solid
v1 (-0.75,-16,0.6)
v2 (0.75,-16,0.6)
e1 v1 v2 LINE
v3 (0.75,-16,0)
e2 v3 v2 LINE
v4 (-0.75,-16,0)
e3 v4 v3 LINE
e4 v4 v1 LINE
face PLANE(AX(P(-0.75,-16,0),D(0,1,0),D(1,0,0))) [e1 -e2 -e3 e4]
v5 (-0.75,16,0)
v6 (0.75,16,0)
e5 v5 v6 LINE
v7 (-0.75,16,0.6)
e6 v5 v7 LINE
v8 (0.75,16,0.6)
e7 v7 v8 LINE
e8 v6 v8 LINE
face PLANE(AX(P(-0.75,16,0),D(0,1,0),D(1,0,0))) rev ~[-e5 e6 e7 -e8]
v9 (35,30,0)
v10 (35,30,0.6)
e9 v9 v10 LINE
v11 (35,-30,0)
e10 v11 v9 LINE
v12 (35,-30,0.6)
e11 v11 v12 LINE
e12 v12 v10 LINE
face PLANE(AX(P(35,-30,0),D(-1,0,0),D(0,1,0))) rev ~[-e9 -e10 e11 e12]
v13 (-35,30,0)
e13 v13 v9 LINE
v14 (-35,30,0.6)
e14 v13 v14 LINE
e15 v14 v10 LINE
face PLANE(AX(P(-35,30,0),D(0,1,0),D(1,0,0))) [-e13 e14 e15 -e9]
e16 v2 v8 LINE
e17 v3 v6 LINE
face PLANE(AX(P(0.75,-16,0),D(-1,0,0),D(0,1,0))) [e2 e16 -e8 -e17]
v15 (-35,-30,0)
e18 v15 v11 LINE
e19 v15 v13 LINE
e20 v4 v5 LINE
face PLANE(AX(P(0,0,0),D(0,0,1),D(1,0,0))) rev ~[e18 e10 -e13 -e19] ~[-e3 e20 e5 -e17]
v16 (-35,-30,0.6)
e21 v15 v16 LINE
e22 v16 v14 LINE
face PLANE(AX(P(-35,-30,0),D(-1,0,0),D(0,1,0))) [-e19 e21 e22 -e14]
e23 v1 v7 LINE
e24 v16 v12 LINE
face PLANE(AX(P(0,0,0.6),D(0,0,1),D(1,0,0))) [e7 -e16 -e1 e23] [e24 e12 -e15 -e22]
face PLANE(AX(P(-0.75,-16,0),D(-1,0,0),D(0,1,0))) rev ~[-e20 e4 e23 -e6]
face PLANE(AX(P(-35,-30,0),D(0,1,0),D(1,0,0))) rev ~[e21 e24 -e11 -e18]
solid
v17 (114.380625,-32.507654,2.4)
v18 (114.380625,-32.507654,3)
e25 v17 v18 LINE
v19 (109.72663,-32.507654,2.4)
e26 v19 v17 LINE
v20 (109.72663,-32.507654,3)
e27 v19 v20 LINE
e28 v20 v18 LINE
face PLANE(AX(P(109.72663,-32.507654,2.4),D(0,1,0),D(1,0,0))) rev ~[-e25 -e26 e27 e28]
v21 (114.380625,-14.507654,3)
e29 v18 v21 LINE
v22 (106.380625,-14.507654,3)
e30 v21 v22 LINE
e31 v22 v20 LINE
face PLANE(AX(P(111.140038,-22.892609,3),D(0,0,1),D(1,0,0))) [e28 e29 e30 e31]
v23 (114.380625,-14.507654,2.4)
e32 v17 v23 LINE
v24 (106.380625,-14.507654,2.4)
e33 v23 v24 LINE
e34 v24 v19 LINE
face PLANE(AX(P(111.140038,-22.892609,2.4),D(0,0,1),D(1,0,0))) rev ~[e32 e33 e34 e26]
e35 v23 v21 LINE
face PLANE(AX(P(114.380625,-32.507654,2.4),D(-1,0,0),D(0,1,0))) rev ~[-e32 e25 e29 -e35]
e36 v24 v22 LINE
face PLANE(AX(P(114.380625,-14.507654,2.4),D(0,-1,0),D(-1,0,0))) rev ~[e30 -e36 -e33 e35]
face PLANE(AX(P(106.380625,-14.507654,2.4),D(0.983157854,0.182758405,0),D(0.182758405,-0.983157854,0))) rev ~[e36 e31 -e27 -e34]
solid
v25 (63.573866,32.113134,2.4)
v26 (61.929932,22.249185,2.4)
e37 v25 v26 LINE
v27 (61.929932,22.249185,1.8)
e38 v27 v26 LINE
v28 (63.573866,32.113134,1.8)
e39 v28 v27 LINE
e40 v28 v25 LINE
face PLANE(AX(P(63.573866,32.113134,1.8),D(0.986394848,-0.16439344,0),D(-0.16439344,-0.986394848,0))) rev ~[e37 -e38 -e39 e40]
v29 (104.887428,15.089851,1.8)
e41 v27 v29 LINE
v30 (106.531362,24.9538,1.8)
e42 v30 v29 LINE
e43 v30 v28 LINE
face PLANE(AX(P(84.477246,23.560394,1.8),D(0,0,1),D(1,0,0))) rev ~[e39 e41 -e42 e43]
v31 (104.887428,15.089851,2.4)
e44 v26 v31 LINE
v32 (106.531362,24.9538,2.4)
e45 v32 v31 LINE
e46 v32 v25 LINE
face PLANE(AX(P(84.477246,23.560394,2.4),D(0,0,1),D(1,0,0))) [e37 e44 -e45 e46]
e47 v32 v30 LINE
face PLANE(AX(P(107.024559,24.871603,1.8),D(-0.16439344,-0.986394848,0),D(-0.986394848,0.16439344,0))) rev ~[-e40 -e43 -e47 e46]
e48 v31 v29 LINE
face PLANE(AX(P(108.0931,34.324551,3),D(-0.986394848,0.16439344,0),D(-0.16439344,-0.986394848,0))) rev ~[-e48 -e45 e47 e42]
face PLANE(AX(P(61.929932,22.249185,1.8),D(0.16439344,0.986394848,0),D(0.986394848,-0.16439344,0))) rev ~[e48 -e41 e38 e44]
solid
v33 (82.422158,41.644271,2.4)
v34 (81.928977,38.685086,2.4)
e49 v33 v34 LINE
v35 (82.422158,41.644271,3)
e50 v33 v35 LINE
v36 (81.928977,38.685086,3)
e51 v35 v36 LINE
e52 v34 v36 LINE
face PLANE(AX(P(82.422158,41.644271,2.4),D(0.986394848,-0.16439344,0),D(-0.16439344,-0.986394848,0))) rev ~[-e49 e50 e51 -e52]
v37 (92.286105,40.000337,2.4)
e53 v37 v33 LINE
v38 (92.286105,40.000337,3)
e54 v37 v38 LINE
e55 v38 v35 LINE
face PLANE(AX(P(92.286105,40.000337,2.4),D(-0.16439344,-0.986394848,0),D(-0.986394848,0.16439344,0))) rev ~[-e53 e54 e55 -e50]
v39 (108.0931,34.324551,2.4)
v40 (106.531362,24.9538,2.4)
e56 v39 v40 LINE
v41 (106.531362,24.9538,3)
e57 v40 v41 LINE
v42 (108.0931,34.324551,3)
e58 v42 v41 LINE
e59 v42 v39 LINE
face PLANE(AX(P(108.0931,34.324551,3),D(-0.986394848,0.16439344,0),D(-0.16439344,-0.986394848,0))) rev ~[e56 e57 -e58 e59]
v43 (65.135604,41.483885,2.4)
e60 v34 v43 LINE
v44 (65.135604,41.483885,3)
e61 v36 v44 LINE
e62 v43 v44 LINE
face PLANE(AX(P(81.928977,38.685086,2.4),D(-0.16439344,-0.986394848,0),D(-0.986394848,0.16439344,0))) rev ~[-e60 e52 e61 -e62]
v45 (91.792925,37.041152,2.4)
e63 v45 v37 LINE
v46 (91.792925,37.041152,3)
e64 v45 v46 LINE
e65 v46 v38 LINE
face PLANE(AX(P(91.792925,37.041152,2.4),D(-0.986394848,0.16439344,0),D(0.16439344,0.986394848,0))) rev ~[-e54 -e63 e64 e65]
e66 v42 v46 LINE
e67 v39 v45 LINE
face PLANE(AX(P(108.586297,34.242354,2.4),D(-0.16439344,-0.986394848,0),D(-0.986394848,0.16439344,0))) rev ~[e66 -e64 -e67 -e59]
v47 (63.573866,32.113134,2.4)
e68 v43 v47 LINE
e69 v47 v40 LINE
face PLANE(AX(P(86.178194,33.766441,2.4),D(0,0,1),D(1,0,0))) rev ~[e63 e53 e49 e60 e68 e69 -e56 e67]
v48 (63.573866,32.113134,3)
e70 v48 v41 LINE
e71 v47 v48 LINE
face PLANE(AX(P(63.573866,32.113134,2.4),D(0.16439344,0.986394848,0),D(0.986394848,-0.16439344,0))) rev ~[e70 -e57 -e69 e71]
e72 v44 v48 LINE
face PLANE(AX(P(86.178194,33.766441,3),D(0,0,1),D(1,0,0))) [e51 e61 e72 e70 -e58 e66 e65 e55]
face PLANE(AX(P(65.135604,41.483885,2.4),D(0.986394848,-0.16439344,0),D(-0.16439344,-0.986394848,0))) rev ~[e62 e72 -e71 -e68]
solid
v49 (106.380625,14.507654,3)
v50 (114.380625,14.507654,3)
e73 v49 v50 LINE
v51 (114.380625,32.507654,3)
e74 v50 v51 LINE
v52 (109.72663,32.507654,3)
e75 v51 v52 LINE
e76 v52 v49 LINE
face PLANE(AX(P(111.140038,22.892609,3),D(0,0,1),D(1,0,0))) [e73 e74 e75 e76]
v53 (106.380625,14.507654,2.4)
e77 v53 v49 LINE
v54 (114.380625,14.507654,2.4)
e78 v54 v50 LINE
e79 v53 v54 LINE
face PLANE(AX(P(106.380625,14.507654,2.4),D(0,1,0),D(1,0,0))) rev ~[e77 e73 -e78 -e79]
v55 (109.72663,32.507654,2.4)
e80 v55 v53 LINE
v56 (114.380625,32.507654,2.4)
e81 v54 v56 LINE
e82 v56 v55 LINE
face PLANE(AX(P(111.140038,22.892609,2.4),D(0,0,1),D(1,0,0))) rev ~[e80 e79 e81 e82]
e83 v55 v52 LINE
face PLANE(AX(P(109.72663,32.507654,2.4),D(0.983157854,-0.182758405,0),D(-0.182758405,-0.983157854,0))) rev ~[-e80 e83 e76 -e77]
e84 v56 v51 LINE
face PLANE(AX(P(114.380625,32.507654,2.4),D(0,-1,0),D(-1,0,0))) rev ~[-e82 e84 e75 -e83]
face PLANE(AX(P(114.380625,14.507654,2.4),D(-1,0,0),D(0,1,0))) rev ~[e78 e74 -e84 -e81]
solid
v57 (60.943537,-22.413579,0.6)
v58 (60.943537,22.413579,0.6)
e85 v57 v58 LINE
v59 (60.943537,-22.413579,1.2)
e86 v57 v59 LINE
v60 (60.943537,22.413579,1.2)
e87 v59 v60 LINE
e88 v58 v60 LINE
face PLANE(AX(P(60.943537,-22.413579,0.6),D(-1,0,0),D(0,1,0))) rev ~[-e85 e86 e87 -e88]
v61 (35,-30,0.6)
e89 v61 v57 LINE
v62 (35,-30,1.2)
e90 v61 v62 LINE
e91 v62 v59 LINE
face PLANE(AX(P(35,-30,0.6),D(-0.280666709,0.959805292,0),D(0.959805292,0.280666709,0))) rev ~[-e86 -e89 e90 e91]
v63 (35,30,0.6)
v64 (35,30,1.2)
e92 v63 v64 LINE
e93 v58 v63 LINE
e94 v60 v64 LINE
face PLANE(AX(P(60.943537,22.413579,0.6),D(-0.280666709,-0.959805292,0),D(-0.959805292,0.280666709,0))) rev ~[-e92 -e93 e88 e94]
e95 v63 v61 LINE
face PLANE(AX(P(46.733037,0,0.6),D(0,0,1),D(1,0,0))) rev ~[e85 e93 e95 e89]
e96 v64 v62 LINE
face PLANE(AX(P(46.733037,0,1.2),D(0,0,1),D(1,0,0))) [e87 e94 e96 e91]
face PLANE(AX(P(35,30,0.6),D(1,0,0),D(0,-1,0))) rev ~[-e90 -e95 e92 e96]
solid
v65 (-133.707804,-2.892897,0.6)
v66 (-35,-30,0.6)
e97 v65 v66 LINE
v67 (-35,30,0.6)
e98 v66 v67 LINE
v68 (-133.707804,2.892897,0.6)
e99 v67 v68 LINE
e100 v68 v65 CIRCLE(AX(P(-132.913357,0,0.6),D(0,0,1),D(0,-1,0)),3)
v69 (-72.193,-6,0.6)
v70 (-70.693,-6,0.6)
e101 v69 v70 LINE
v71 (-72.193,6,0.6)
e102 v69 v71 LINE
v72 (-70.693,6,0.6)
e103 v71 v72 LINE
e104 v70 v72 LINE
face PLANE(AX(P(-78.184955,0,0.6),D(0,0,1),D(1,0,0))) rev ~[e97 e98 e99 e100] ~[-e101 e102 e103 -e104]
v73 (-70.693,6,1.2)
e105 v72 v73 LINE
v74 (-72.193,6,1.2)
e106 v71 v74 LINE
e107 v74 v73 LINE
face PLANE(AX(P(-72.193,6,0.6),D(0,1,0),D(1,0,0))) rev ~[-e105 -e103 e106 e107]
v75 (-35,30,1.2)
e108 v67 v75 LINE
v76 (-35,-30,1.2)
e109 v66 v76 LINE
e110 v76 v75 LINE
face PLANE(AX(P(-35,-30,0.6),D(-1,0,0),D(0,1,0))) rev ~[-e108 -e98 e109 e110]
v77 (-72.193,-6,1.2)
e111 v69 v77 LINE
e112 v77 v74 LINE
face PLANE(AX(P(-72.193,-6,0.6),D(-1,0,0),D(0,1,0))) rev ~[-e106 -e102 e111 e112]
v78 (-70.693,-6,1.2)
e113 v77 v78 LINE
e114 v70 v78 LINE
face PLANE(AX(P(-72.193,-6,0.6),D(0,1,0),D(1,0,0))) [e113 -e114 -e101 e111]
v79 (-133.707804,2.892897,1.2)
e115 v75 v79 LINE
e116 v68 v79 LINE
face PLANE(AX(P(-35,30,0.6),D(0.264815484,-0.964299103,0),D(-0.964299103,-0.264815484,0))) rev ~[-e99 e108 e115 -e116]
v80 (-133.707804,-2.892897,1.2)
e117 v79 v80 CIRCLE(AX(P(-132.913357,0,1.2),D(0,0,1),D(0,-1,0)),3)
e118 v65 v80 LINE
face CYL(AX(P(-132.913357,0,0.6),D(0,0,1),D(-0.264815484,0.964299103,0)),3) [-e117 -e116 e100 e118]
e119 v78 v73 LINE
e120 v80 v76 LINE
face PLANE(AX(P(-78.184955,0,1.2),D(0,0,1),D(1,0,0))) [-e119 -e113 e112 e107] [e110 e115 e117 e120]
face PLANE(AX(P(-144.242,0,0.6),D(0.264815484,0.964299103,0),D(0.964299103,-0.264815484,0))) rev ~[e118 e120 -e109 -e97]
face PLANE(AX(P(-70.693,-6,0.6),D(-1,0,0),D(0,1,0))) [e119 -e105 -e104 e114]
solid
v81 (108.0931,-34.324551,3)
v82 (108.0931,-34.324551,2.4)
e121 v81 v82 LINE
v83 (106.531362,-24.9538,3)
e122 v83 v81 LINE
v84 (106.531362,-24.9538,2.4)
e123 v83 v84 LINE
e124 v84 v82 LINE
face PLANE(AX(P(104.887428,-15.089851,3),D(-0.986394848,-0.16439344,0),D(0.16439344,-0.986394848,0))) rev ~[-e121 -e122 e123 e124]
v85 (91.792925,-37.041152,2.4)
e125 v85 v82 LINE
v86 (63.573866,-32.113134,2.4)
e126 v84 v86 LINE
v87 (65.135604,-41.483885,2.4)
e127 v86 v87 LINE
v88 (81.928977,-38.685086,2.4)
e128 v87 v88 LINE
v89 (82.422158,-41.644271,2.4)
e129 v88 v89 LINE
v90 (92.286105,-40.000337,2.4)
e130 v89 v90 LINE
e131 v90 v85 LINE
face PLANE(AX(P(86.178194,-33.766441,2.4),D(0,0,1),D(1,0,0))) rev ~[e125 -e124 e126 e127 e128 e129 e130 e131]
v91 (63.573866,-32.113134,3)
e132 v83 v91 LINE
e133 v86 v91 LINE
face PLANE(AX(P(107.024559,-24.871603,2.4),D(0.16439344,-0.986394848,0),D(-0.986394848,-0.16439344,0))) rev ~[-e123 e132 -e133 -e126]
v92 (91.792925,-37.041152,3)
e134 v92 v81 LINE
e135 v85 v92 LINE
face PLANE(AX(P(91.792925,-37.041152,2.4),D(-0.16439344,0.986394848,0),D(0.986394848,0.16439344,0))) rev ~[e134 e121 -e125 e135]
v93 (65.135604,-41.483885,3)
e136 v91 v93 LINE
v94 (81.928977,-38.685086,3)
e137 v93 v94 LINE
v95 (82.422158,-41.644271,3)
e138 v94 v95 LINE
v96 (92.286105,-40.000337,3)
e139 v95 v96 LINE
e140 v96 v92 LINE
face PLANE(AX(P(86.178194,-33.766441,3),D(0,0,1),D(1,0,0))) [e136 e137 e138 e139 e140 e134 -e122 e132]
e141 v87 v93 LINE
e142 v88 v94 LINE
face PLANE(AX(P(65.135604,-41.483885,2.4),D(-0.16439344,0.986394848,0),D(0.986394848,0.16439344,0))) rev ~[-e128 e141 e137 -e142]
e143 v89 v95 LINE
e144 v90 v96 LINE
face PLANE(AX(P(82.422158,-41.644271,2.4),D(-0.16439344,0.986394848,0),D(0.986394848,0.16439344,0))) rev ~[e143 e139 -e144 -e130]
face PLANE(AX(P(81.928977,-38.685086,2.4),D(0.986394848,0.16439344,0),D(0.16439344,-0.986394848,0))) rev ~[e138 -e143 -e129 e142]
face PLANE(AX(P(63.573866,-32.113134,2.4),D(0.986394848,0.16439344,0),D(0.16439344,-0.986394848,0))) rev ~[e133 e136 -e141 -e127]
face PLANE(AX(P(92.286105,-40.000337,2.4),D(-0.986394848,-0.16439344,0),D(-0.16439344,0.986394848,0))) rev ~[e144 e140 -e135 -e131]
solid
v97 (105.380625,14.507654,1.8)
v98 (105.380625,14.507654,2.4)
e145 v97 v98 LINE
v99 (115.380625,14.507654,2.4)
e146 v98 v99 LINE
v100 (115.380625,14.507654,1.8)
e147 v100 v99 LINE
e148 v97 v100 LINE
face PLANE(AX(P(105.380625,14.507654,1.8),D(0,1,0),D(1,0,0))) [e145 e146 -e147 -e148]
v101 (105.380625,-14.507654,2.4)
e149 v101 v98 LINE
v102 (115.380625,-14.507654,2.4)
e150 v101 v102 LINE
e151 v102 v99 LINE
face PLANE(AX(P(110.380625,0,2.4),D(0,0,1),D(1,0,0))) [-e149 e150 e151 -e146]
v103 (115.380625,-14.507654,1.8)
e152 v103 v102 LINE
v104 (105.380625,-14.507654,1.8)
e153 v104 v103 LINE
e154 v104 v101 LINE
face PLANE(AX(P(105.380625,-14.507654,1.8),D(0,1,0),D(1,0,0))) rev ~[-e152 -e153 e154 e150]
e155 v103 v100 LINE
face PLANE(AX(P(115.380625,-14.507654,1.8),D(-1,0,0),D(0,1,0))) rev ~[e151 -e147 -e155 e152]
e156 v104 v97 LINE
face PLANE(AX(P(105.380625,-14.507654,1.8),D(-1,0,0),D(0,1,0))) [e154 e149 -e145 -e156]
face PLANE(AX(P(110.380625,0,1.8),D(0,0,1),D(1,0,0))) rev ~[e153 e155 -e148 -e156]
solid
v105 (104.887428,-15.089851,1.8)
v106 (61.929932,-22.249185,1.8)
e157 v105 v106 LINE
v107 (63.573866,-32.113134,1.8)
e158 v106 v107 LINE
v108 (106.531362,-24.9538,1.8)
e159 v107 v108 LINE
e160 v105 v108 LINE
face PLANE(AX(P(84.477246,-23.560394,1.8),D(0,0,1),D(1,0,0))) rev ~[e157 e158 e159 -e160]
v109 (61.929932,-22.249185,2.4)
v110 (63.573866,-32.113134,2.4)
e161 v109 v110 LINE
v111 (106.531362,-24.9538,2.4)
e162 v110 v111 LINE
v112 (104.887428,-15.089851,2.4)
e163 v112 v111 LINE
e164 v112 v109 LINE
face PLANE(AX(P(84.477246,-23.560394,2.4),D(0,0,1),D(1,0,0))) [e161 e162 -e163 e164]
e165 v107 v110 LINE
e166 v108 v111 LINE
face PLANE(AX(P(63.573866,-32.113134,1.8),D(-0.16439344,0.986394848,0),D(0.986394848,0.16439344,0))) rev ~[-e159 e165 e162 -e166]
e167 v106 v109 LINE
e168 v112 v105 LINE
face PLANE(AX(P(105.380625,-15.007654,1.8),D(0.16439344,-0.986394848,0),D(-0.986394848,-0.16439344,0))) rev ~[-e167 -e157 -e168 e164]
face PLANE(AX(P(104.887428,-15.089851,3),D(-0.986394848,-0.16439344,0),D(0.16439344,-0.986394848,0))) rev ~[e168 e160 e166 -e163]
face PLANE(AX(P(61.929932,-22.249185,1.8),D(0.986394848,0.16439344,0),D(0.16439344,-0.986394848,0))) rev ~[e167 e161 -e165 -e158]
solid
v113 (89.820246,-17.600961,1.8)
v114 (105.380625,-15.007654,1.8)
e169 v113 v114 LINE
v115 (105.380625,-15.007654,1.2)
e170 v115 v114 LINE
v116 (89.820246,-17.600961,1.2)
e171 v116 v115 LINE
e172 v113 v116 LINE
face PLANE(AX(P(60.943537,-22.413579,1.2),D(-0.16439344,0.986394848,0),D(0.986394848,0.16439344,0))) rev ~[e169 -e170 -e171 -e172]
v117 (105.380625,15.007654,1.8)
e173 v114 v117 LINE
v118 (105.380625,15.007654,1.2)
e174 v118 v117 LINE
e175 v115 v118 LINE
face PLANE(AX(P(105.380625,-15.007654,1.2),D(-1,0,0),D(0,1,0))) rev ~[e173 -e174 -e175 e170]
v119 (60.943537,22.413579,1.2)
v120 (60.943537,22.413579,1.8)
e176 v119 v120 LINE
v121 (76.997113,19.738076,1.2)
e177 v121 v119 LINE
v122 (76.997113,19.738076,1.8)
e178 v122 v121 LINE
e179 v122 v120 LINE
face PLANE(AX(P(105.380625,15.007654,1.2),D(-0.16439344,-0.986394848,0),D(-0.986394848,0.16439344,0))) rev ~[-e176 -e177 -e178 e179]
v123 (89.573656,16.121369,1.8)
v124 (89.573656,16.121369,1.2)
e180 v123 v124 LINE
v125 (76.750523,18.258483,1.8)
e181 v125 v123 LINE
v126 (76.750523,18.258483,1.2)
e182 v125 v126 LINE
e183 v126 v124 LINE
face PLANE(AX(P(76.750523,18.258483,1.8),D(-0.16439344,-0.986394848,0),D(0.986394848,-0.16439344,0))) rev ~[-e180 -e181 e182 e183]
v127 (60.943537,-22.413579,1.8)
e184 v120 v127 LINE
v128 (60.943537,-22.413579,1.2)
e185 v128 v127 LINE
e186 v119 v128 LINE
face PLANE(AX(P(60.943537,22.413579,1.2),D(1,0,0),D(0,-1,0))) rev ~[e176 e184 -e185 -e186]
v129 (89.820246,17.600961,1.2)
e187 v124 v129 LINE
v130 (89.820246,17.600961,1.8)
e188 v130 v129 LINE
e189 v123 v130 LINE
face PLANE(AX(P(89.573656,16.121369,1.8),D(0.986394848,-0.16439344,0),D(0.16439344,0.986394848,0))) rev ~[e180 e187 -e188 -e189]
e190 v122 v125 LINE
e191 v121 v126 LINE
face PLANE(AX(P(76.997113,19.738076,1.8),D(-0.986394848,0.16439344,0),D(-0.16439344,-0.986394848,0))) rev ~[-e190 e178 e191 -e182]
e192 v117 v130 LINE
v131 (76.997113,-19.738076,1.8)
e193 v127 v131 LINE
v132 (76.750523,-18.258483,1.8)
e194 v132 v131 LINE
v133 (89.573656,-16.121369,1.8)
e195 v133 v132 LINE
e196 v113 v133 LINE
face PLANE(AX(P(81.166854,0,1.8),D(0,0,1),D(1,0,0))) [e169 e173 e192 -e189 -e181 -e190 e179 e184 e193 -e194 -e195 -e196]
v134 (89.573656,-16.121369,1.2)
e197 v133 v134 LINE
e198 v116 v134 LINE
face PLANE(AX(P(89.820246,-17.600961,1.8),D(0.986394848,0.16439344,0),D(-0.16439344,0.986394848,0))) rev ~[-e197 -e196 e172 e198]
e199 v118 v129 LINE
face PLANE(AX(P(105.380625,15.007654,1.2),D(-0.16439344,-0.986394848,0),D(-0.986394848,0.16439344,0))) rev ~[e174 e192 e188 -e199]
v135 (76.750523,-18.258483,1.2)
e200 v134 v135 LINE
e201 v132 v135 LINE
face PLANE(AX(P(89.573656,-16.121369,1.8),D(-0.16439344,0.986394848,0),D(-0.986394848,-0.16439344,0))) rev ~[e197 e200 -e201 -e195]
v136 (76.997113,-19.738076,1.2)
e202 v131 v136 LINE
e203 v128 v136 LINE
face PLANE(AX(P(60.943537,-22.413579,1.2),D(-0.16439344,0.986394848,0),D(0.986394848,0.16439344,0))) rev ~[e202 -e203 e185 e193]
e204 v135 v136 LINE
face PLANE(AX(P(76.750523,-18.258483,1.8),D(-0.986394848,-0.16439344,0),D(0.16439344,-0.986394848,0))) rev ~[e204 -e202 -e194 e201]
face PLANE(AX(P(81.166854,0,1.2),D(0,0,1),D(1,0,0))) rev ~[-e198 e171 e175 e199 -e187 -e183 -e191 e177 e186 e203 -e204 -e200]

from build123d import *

# Parameters (mm, degrees)
F0_W      = 70
F0_H      = 60
F0_W_2    = 1.5
F0_H_2    = 32
F1_DEPTH  = 0.6
F2_W      = 1.5
F2_H      = 12
F3_DEPTH  = 0.6
F5_DEPTH  = 0.6
F7_DEPTH  = 0.6
F9_DEPTH  = 0.6
F8_W      = 10
F8_H      = 29.0153087513
F11_DEPTH = 0.6
F13_DEPTH = 25
F15_DEPTH = 0.6
F17_DEPTH = 25
F18_R     = 3


with BuildPart() as f1:
    # F0 (on Top) → F1 (new body)
    with BuildSketch(Plane.XY):
        Rectangle(F0_W, F0_H)
        Rectangle(F0_W_2, F0_H_2, mode=Mode.SUBTRACT)
    extrude(amount=F1_DEPTH)


with BuildPart() as f3:
    # F2 (on face) → F3 (new body)
    with BuildSketch(Plane.XY.offset(0.6)):
        Polygon((-35, 30), (-144.242, 0), (-35, -30), align=None)
        with Locations((-71.443, 0)):
            Rectangle(F2_W, F2_H, mode=Mode.SUBTRACT)
    extrude(amount=F3_DEPTH)

    # F18
    f18_edges = [f3.edges().sort_by_distance(p)[0] for p in [
        (-144.242, 0, 0.9),
    ]]
    fillet(f18_edges, radius=F18_R)


with BuildPart() as f5:
    # F4 (on face) → F5 (new body)
    with BuildSketch(Plane.XY.offset(0.6)):
        Polygon((60.9435370421, 22.4135788579), (35, 30), (35, -30), (60.9435370421, -22.4135788579), align=None)
    extrude(amount=F5_DEPTH)


with BuildPart() as f7:
    # F6 (on face) → F7 (new body)
    with BuildSketch(Plane.XY.offset(1.2)):
        Polygon((105.3806249593, 15.0076543757), (60.9435370421, 22.4135788579), (60.9435370421, -22.4135788579), (105.3806249593, -15.0076543757), align=None)
    extrude(amount=F7_DEPTH)

    # F16 (on face) → F17 (cut)
    with BuildSketch(Plane.XY.offset(1.8)):
        Polygon((76.7505230383, -18.2584833457), (76.9971131986, -19.7380756182), (89.8202462269, -17.6009608952), (89.5736560666, -16.1213686227), align=None)
        Polygon((76.9971131986, 19.7380756182), (76.7505230383, 18.2584833457), (89.5736560666, 16.1213686227), (89.8202462269, 17.6009608952), align=None)
    extrude(amount=-F17_DEPTH, mode=Mode.SUBTRACT)


with BuildPart() as f9:
    # F8 (on face) → F9 (new body)
    with BuildSketch(Plane.XY.offset(1.8)):
        Polygon((105.3806249593, -15.0076543757), (61.9299318904, -22.2491854176), (63.5738662927, -32.1131339009), (107.0245593616, -24.8716028589), align=None)
    extrude(amount=F9_DEPTH)


with BuildPart() as f9b:
    # F8 (on face) → F9, piece 2 (new body)
    with BuildSketch(Plane.XY.offset(1.8)):
        Polygon((61.9299318904, 22.2491854176), (105.3806249593, 15.0076543757), (107.0245593616, 24.8716028589), (63.5738662927, 32.1131339009), align=None)
    extrude(amount=F9_DEPTH)


with BuildPart() as f9c:
    # F8 (on face) → F9, piece 3 (new body)
    with BuildSketch(Plane.XY.offset(1.8)):
        with Locations((110.3806249593, 0)):
            Rectangle(F8_W, F8_H)
    extrude(amount=F9_DEPTH)


with BuildPart() as f11:
    # F10 (on face) → F11 (new body)
    with BuildSketch(Plane.XY.offset(2.4)):
        Polygon((107.0245593616, -24.8716028589), (63.5738662927, -32.1131339009), (65.1356039748, -41.4838849601), (81.9289774892, -38.6850864366), (82.4221578099, -41.6442709816), (92.2861050716, -40.0003367829), (91.7929247509, -37.0411522379), (108.5862970437, -34.2423539181), align=None)
    extrude(amount=F11_DEPTH)


with BuildPart() as f11b:
    # F10 (on face) → F11, piece 2 (new body)
    with BuildSketch(Plane.XY.offset(2.4)):
        Polygon((91.7929247509, 37.0411522379), (92.2861050716, 40.0003367829), (82.4221578099, 41.6442709816), (81.9289774892, 38.6850864366), (65.1356039748, 41.4838849601), (63.5738662927, 32.1131339009), (107.0245593616, 24.8716028589), (108.5862970437, 34.2423539181), align=None)
    extrude(amount=F11_DEPTH)


with BuildPart() as f13_tool:
    # F12 (on face) → F13 (new body)
    with BuildSketch(Plane.XY.offset(3)):
        Polygon((108.9898869395, 36.0006503761), (108.0930996196, 34.3245506382), (104.8874275352, 15.0898510958), (107.0036945651, 14.7371521557), (111.1459434032, 36.8837378919), align=None)
        Polygon((107.0036945651, -14.7371521557), (104.8874275352, -15.0898510958), (108.0930996196, -34.3245506382), (108.9898869395, -36.0006503761), (111.1459434032, -36.8837378919), align=None)
    extrude(amount=-F13_DEPTH)


with BuildPart() as f9_1:
    add(f9.part)

    # F13: cut by f13_tool
    add(f13_tool.part, mode=Mode.SUBTRACT)


with BuildPart() as f9b_1:
    add(f9b.part)

    # F13: cut by f13_tool
    add(f13_tool.part, mode=Mode.SUBTRACT)


with BuildPart() as f11_1:
    add(f11.part)

    # F13: cut by f13_tool
    add(f13_tool.part, mode=Mode.SUBTRACT)


with BuildPart() as f11b_1:
    add(f11b.part)

    # F13: cut by f13_tool
    add(f13_tool.part, mode=Mode.SUBTRACT)


with BuildPart() as f15:
    # F14 (on face) → F15 (new body)
    with BuildSketch(Plane.XY.offset(2.4)):
        Polygon((109.7266301513, 32.5076543757), (106.3806249593, 14.5076543757), (114.3806249593, 14.5076543757), (114.3806249593, 32.5076543757), align=None)
    extrude(amount=F15_DEPTH)


with BuildPart() as f15b:
    # F14 (on face) → F15, piece 2 (new body)
    with BuildSketch(Plane.XY.offset(2.4)):
        Polygon((106.3806249593, -14.5076543757), (109.7266301513, -32.5076543757), (114.3806249593, -32.5076543757), (114.3806249593, -14.5076543757), align=None)
    extrude(amount=F15_DEPTH)


solid = Compound([f1.part, f3.part, f5.part, f7.part, f9c.part, f9_1.part, f9b_1.part, f11_1.part, f11b_1.part, f15.part, f15b.part])
